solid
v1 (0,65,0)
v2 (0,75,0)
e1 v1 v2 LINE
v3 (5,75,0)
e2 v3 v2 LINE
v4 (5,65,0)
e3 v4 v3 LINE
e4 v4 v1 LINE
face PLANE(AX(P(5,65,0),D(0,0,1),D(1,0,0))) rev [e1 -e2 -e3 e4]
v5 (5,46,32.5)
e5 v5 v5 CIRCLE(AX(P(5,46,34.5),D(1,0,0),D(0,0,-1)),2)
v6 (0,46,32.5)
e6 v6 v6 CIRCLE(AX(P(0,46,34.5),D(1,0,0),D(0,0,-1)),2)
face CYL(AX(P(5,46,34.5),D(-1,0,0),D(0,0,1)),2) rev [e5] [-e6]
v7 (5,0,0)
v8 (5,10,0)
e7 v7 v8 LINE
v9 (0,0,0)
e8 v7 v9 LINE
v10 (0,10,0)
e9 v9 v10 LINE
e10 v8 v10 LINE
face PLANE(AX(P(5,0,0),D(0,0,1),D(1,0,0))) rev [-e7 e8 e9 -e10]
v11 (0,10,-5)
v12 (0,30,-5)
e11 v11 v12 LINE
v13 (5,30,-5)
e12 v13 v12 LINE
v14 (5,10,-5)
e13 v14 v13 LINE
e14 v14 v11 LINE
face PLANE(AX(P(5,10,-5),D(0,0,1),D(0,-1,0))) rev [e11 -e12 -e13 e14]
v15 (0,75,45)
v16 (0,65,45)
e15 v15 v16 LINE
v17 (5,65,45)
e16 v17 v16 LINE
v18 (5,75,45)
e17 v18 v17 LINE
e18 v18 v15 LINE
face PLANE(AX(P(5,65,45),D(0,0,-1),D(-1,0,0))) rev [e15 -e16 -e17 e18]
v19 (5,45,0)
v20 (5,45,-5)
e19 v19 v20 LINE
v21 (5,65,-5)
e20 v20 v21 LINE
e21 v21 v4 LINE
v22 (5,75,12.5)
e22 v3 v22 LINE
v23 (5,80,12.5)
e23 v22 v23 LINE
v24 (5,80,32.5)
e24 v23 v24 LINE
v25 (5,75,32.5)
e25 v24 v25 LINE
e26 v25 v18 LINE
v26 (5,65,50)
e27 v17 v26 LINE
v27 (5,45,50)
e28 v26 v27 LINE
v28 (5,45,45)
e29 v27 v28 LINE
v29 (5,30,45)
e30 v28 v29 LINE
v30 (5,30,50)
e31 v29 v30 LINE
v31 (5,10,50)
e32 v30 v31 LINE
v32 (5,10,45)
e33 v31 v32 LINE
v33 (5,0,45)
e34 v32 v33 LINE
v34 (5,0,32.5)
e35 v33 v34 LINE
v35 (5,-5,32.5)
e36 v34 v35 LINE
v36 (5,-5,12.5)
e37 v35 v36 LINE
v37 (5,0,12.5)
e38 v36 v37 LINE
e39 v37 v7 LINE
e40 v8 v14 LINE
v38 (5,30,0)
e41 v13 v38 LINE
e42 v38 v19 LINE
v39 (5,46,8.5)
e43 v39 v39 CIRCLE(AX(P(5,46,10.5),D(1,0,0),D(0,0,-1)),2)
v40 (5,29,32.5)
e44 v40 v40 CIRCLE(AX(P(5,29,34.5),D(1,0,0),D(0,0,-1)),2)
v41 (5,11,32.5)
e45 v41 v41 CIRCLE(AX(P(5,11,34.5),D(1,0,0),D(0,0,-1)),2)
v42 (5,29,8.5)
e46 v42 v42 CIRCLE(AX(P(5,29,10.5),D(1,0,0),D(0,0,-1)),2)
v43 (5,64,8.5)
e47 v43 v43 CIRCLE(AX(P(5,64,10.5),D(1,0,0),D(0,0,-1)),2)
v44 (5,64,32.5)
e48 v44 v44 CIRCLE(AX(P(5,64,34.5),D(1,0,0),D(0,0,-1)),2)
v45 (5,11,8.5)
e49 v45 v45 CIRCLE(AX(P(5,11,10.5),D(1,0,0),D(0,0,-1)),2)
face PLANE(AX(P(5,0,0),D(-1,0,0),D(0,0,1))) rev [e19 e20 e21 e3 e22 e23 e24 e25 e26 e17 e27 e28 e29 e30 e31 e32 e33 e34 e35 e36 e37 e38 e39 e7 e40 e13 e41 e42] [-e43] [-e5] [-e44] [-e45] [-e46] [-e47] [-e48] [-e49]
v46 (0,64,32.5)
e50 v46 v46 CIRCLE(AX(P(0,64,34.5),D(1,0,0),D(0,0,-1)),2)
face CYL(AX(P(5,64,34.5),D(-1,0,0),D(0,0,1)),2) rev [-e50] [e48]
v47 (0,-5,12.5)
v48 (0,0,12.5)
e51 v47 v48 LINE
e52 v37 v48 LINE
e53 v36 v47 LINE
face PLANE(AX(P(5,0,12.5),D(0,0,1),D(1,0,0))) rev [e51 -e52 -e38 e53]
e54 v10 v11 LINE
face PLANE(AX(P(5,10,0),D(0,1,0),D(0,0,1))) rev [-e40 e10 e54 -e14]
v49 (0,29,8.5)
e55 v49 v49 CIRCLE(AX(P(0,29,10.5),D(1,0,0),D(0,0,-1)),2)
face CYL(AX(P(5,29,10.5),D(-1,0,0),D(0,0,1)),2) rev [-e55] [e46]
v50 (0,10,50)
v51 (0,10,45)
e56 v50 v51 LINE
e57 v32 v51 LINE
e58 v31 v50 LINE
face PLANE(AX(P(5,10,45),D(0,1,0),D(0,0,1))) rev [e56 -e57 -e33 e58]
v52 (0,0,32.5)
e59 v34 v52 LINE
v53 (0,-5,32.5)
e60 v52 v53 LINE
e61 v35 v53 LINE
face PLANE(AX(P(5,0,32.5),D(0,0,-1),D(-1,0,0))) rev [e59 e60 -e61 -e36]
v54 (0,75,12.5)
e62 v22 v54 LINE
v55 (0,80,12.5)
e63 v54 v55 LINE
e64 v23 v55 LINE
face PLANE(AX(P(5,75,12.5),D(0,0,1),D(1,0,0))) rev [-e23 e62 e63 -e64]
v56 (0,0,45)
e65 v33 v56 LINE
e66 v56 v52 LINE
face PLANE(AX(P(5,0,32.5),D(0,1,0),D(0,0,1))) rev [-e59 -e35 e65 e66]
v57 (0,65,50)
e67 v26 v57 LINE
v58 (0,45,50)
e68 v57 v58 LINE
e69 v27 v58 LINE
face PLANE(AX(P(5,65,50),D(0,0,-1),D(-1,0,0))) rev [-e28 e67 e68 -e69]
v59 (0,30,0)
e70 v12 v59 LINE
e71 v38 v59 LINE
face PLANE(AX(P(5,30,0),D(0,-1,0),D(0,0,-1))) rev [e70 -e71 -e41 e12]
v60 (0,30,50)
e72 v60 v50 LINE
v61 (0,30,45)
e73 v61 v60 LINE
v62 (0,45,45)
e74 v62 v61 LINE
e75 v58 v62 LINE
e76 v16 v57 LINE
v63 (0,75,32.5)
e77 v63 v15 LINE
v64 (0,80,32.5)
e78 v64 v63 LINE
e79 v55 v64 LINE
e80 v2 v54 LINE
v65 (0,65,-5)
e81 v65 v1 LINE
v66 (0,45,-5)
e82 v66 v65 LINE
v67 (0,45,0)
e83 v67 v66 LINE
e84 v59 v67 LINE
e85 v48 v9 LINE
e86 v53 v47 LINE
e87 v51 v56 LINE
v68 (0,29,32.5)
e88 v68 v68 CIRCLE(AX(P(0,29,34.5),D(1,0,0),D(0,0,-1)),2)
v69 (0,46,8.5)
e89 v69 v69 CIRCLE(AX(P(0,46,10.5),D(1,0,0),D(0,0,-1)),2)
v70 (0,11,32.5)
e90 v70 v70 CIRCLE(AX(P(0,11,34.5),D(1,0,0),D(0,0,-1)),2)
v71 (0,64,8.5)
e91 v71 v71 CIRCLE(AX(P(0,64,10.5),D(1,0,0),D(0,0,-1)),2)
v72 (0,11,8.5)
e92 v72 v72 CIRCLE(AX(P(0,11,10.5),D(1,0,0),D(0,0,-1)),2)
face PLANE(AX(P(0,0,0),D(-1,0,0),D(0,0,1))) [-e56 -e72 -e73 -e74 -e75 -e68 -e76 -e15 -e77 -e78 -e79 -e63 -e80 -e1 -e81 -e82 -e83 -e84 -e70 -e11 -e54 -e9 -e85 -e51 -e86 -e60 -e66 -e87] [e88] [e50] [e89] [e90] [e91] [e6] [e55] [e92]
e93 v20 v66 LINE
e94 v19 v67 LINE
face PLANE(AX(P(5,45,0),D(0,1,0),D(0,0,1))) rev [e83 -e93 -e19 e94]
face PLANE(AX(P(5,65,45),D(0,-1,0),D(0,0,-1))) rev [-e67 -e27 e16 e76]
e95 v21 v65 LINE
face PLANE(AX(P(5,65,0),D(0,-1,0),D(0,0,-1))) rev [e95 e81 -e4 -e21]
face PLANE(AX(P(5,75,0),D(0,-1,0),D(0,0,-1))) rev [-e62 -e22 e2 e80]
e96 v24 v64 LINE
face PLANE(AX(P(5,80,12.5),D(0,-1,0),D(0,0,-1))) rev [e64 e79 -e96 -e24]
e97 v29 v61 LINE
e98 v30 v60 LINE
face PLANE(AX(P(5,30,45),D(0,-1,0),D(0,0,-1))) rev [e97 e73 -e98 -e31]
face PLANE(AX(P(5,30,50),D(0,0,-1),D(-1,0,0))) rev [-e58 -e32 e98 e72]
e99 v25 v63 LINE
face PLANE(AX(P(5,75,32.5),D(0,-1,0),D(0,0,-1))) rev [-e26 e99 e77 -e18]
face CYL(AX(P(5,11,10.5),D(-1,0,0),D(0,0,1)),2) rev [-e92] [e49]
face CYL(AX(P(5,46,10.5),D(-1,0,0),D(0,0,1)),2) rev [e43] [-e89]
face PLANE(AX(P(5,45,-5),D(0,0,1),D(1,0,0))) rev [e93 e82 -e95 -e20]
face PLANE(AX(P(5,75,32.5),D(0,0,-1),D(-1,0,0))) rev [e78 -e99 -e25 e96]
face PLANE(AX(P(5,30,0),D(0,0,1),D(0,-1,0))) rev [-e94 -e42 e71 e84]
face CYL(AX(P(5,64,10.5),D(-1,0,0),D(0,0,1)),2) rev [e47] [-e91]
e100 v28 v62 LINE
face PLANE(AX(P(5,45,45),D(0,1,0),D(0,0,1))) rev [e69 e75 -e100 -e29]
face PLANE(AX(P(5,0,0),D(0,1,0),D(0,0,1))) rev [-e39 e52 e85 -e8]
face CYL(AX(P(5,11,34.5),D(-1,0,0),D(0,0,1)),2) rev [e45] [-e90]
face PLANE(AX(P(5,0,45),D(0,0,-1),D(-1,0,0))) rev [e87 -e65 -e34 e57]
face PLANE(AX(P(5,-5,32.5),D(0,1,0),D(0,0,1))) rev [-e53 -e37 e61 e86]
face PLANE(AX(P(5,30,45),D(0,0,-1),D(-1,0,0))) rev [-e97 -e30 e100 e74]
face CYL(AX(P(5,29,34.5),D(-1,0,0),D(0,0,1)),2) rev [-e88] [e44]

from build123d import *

# Parameters (mm, degrees)
SKETCH_1_R      = 2
EXTRUDE_1_DEPTH = 5


with BuildPart() as part:
    # 草图1 → 凸台-拉伸1 (new body)
    with BuildSketch(Plane(origin=(0, 0, 0), x_dir=(0, 0, -1), z_dir=(1, 0, 0))):
        Polygon((-32.5, 75), (-45, 75), (-45, 65), (-50, 65), (-50, 45), (-45, 45), (-45, 30), (-50, 30), (-50, 10), (-45, 10), (-45, 0), (-32.5, 0), (-32.5, -5), (-12.5, -5), (-12.5, 0), (0, 0), (0, 10), (5, 10), (5, 30), (0, 30), (0, 45), (5, 45), (5, 65), (0, 65), (0, 75), (-12.5, 75), (-12.5, 80), (-32.5, 80), align=None)
        with Locations((-34.5, 64)):
            Circle(SKETCH_1_R, mode=Mode.SUBTRACT)
        with Locations((-10.5, 64)):
            Circle(SKETCH_1_R, mode=Mode.SUBTRACT)
        with Locations((-34.5, 46)):
            Circle(SKETCH_1_R, mode=Mode.SUBTRACT)
        with Locations((-10.5, 46)):
            Circle(SKETCH_1_R, mode=Mode.SUBTRACT)
        with Locations((-34.5, 11)):
            Circle(SKETCH_1_R, mode=Mode.SUBTRACT)
        with Locations((-10.5, 11)):
            Circle(SKETCH_1_R, mode=Mode.SUBTRACT)
        with Locations((-10.5, 29)):
            Circle(SKETCH_1_R, mode=Mode.SUBTRACT)
        with Locations((-34.5, 29)):
            Circle(SKETCH_1_R, mode=Mode.SUBTRACT)
    extrude(amount=EXTRUDE_1_DEPTH)


solid = part.part
